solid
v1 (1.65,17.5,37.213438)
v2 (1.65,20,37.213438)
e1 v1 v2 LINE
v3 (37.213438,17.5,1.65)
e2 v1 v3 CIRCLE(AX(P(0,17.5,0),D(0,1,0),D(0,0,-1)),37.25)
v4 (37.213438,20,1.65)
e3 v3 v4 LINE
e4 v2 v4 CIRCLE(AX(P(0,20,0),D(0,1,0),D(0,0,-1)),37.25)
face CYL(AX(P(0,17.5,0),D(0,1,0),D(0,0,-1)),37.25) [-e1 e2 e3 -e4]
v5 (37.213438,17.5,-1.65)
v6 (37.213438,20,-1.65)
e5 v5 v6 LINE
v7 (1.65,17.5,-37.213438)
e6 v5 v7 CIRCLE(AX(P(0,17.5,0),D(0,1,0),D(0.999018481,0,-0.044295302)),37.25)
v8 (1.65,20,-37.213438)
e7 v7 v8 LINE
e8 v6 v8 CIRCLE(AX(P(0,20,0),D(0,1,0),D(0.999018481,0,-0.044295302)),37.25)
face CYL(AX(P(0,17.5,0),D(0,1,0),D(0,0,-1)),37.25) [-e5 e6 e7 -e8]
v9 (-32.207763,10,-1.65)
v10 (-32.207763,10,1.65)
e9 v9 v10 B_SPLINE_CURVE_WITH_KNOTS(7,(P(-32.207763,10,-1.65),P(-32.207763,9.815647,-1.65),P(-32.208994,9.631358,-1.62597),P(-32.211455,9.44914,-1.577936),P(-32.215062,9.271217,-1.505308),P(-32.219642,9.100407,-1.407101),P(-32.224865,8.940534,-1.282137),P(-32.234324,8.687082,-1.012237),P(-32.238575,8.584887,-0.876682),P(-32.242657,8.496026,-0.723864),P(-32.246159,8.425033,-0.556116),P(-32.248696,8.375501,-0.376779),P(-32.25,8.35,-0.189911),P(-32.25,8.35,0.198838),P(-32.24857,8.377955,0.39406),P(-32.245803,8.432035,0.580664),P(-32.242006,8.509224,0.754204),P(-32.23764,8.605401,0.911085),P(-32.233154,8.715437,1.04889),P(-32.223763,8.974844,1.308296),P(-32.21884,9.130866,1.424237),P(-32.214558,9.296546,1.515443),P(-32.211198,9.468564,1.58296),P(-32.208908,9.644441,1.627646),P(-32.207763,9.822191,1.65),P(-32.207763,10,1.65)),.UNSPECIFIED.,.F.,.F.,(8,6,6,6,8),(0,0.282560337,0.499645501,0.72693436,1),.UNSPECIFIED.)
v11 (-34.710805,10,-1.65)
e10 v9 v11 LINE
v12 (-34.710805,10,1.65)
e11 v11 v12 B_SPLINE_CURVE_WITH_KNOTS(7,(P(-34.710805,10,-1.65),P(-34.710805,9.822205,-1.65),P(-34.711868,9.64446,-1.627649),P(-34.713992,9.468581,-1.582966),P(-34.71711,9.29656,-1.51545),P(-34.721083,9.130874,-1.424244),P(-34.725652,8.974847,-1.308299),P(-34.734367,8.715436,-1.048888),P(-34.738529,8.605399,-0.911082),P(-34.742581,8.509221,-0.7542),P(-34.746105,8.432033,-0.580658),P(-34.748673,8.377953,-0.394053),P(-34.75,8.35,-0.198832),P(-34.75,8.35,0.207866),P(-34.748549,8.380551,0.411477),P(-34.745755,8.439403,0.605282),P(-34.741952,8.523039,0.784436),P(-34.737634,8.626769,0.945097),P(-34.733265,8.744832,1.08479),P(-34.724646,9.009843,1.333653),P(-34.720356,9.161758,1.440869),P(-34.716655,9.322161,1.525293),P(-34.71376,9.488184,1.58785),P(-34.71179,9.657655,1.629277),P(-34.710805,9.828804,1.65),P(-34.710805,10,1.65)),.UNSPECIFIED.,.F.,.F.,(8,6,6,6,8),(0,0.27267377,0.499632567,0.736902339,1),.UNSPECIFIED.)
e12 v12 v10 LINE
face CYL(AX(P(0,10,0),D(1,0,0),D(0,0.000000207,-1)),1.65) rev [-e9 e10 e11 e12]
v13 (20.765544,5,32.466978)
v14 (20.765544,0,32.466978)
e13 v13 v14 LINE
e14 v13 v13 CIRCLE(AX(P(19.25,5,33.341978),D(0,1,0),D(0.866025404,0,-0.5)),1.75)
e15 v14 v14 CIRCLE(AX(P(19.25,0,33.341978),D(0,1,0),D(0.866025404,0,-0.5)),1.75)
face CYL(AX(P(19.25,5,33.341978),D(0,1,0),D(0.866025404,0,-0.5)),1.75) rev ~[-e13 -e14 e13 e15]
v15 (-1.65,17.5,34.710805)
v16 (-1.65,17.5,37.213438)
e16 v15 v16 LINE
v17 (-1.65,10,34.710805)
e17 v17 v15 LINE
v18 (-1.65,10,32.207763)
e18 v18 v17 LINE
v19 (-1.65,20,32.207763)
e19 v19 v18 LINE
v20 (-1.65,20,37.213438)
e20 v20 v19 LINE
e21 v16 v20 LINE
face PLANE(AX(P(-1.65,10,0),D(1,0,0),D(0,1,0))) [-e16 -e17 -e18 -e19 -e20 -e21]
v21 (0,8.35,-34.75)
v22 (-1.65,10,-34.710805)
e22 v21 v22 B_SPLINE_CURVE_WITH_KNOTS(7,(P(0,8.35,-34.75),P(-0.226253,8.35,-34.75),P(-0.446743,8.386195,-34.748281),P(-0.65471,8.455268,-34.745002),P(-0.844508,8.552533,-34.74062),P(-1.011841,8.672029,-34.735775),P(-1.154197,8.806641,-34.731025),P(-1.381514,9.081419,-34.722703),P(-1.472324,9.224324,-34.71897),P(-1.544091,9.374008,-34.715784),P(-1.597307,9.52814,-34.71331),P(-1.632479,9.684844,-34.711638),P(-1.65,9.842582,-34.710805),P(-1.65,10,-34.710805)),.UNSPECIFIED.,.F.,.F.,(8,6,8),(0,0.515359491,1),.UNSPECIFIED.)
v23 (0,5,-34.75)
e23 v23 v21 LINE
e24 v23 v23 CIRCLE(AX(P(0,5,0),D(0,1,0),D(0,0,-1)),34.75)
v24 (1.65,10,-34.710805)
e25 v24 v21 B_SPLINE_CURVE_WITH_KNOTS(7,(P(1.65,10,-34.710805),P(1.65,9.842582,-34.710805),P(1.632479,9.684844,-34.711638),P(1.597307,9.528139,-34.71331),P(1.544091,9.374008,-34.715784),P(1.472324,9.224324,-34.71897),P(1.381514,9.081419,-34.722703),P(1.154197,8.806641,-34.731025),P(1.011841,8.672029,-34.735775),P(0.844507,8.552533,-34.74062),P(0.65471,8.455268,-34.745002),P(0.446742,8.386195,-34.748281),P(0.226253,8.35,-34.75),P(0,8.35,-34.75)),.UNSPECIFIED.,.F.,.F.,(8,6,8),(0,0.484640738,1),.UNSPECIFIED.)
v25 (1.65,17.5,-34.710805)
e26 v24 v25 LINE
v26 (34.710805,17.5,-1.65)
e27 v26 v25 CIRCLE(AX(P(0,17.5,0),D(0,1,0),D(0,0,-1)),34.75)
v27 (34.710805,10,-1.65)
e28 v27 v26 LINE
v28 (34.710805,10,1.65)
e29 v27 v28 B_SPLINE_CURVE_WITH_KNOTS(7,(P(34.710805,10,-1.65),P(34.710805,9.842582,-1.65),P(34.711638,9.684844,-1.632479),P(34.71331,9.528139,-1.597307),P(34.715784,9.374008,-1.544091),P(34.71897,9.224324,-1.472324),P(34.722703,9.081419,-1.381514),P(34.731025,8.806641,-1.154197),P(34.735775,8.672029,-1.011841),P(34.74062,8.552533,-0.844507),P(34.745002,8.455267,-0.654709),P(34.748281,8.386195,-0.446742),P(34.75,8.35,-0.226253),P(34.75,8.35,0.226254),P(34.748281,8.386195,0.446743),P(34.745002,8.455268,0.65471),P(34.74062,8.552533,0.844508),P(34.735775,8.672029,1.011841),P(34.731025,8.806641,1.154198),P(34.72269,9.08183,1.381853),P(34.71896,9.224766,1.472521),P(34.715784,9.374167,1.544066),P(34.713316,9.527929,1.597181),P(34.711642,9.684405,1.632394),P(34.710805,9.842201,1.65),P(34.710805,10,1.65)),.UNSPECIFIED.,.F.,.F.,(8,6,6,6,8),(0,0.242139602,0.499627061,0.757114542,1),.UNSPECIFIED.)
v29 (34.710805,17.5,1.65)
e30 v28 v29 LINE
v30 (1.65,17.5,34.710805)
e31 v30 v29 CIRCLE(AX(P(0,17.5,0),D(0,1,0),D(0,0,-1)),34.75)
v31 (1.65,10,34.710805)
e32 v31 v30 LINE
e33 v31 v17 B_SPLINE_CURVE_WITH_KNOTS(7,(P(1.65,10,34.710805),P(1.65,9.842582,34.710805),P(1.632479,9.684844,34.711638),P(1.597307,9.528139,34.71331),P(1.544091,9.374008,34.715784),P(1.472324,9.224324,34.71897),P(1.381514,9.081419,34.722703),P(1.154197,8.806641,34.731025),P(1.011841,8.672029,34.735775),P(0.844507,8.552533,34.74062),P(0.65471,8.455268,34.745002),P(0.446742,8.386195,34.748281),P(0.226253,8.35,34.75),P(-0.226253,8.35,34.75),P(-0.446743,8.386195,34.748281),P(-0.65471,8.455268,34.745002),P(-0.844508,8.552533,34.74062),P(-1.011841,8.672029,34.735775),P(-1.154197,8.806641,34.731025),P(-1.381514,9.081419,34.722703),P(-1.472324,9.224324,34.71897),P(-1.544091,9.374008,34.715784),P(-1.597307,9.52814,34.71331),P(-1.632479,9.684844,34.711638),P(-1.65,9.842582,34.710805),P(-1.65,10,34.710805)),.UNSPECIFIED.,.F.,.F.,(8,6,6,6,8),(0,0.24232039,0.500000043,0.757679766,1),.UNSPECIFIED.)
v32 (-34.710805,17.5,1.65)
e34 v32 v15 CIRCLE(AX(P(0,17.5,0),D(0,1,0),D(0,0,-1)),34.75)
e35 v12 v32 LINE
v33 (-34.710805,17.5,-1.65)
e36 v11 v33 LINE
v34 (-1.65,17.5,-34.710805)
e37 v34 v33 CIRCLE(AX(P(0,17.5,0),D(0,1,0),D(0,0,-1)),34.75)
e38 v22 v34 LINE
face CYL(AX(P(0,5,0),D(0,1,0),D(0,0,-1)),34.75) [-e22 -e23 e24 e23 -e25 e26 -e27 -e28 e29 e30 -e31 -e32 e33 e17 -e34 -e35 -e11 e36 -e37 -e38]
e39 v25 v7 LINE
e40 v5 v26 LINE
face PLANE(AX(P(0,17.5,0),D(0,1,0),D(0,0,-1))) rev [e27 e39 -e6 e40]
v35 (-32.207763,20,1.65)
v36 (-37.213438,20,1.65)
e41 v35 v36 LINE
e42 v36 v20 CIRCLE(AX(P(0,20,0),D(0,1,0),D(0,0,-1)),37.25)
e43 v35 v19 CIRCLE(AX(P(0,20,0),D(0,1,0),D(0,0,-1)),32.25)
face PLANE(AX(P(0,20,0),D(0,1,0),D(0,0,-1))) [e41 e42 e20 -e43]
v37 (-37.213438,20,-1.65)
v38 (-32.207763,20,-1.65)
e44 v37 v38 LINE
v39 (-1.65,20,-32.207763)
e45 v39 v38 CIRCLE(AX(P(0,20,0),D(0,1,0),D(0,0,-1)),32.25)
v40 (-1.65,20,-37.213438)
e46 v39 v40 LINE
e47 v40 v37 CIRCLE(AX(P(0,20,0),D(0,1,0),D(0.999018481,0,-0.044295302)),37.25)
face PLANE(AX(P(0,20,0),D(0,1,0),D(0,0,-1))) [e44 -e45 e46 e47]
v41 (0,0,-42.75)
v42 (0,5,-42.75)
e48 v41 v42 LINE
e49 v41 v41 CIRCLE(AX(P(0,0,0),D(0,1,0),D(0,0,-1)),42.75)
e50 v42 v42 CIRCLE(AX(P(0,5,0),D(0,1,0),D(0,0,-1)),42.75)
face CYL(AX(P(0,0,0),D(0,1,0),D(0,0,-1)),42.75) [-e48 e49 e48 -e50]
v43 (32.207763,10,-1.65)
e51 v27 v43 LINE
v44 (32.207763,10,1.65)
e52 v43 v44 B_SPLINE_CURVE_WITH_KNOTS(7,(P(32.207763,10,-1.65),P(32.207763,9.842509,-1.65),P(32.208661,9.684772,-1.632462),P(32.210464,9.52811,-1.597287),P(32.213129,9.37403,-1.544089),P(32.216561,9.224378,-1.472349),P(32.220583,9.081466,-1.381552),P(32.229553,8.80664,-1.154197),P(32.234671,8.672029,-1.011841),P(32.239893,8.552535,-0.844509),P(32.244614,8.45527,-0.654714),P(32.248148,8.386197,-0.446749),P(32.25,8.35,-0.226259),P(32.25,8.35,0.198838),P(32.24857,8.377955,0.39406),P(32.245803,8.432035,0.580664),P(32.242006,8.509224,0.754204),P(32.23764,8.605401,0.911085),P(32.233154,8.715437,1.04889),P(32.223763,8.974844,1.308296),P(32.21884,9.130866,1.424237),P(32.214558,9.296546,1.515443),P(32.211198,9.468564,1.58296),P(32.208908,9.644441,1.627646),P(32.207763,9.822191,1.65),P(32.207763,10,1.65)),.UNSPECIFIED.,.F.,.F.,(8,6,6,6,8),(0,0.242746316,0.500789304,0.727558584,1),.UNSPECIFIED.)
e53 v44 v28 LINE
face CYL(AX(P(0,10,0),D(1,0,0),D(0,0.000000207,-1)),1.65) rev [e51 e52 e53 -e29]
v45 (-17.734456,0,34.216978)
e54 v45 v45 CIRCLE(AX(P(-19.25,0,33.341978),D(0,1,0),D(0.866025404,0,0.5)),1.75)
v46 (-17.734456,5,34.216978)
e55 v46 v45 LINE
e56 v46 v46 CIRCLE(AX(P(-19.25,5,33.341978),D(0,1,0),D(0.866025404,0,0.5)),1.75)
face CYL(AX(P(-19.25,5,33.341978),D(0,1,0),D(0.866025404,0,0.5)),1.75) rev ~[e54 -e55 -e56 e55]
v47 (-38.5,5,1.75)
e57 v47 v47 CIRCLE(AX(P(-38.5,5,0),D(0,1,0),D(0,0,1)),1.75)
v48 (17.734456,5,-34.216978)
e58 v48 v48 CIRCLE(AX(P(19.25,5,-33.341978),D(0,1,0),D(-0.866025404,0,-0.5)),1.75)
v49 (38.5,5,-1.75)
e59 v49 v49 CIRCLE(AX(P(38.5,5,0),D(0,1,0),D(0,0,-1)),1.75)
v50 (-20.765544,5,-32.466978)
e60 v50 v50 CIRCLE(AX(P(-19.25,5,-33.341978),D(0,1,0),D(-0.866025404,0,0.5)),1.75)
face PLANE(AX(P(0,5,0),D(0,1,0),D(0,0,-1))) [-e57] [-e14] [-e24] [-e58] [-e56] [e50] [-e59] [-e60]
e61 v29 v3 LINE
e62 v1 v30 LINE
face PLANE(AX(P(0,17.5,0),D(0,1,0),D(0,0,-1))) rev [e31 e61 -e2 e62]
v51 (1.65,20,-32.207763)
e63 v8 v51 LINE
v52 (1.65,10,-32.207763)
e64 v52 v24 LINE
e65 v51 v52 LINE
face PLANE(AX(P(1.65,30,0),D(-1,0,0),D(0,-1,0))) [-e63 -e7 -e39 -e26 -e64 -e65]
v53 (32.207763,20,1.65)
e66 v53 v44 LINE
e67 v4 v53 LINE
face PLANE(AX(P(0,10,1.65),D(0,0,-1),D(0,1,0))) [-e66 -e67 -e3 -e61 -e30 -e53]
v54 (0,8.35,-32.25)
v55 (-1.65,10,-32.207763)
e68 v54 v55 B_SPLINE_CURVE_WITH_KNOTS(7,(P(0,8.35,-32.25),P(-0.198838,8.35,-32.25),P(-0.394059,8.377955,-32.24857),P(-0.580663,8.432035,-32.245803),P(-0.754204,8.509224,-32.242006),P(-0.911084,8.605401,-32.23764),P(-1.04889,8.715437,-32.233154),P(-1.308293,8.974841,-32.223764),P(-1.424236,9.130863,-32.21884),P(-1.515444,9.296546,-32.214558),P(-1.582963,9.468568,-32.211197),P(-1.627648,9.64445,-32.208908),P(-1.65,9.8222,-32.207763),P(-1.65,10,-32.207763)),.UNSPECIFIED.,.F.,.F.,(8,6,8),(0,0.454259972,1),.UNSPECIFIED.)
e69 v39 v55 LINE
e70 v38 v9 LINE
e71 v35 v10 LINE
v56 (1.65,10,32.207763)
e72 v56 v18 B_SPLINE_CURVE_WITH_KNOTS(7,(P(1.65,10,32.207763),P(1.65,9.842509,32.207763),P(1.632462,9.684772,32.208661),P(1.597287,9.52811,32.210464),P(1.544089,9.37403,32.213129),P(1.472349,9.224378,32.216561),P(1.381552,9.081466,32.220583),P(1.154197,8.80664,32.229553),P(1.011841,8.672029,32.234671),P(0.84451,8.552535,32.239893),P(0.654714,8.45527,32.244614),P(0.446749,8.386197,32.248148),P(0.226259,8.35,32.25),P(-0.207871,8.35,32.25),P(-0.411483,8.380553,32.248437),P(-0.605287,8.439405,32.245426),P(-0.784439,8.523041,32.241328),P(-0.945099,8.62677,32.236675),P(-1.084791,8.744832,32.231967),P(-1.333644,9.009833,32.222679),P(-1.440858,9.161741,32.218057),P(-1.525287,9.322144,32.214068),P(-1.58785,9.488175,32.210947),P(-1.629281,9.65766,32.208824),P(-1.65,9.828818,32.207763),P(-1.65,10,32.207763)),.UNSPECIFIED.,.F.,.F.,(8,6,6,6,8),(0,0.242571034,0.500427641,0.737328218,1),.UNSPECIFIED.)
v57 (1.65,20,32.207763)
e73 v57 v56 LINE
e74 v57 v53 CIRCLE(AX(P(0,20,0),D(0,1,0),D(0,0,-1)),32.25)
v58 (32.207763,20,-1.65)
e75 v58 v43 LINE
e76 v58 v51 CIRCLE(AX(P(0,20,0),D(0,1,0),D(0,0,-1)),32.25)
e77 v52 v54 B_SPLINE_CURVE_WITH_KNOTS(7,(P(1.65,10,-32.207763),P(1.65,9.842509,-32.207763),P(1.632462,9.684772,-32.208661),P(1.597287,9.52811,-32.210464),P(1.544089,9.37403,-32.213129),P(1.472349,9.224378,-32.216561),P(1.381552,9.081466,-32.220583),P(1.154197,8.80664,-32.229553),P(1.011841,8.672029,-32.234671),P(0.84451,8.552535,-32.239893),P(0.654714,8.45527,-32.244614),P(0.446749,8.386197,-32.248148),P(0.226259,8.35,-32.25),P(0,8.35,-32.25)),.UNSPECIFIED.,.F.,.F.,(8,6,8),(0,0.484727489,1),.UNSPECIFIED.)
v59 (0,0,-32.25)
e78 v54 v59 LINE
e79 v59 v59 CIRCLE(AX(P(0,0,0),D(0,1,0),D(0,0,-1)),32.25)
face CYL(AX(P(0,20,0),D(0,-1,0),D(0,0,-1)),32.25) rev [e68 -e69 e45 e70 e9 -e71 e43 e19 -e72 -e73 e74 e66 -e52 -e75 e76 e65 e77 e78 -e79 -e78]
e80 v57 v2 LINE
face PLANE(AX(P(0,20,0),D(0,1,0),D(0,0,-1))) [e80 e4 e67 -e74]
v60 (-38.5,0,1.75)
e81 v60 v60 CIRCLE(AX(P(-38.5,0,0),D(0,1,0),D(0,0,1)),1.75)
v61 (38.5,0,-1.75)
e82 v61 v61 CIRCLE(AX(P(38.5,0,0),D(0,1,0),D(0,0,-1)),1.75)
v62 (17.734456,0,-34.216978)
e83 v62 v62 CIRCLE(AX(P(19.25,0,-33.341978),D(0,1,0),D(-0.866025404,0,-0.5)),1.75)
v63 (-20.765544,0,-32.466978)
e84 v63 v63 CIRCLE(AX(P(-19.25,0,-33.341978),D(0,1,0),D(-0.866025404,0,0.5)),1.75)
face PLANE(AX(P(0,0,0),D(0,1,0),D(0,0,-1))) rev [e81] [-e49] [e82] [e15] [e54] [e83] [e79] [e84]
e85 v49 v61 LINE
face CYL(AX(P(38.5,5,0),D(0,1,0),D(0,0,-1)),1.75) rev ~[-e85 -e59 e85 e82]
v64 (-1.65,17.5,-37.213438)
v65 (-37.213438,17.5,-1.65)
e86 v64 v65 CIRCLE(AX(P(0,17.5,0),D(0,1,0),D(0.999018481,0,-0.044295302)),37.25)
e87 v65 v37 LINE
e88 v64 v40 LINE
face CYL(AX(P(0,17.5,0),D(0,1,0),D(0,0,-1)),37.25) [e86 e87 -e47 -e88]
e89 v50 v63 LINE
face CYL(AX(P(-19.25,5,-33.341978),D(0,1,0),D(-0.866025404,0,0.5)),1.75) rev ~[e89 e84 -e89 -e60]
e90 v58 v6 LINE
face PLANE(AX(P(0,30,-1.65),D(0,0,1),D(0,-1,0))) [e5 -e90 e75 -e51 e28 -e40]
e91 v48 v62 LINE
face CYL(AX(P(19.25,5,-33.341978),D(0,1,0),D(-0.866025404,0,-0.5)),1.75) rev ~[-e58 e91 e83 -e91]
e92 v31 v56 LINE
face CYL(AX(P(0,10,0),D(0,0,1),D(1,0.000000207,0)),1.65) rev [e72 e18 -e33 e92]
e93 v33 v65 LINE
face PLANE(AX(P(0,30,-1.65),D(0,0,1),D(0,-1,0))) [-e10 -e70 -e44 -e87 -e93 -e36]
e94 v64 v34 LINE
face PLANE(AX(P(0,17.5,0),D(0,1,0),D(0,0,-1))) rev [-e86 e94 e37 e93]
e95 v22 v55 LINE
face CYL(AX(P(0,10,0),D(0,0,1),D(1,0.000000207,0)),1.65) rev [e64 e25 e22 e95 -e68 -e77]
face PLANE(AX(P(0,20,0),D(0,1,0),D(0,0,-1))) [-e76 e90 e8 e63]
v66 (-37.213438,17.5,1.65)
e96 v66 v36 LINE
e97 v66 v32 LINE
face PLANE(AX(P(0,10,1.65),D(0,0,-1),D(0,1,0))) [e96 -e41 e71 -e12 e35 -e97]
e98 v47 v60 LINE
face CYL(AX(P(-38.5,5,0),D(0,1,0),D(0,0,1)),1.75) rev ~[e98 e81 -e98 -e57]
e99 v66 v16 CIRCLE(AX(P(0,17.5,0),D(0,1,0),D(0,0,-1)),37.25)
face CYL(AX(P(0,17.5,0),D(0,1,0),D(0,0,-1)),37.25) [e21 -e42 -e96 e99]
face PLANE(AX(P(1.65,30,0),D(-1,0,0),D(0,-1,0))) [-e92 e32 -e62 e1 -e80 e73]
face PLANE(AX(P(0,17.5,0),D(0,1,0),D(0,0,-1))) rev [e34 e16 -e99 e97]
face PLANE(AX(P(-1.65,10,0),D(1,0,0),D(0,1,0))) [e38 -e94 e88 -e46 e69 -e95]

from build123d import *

# Parameters (mm, degrees)
CUT_EXTRUDE1_DEPTH = 64.679863379
CIRPATTERN1_COUNT  = 4
SKETCH4_R          = 1.75
CUT_EXTRUDE2_DEPTH = 10
CIRPATTERN2_COUNT  = 6


with BuildPart() as part:
    # Sketch2 → Revolve1 (revolve)
    with BuildSketch(Plane.XY, mode=Mode.PRIVATE) as revolve1_sk:
        Polygon((-32.25, 20), (-32.25, 0), (-42.75, 0), (-42.75, 5), (-34.75, 5), (-34.75, 17.5), (-37.25, 17.5), (-37.25, 20), align=None)
    revolve(revolve1_sk.sketch.rotate(Axis((0, 0, 0), (0, 1, 0)), 270), axis=Axis((0, 0, 0), (0, 1, 0)))

    # Sketch3 → Cut-Extrude1 (cut, symmetric)
    with BuildSketch(Plane(origin=(0, 0, 0), x_dir=(0, 0, -1), z_dir=(1, 0, 0))):
        with BuildLine():
            Line((-1.65, 29.999999659), (1.65, 29.999999659))
            Line((1.65, 29.999999659), (1.65, 10.000000341))
            ThreePointArc((1.65, 10.000000341), (0, 8.35), (-1.65, 10.000000341))
            Line((-1.65, 10.000000341), (-1.65, 29.999999659))
        make_face()
    cut_extrude1 = extrude(amount=CUT_EXTRUDE1_DEPTH, both=True, mode=Mode.SUBTRACT)

    # CirPattern1: Cut-Extrude1 ×4 about axis
    cirpattern1_axis = Axis((0, 0, 0), (0, -1, 0))
    for i in range(1, CIRPATTERN1_COUNT):
        add(cut_extrude1.rotate(cirpattern1_axis, i * 360 / CIRPATTERN1_COUNT), mode=Mode.SUBTRACT)

    # Sketch4 → Cut-Extrude2 (cut)
    with BuildSketch(Plane(origin=(0, 5, 0), x_dir=(1, 0, 0), z_dir=(0, 1, 0))):
        with Locations(Location((-38.5, 0, 0), (0, 0, 270))):
            Circle(SKETCH4_R)
    cut_extrude2 = extrude(amount=-CUT_EXTRUDE2_DEPTH, mode=Mode.SUBTRACT)

    # CirPattern2: Cut-Extrude2 ×6 about axis
    cirpattern2_axis = Axis((0, 0, 0), (0, 1, 0))
    for i in range(1, CIRPATTERN2_COUNT):
        add(cut_extrude2.rotate(cirpattern2_axis, i * 360 / CIRPATTERN2_COUNT), mode=Mode.SUBTRACT)


solid = part.part
